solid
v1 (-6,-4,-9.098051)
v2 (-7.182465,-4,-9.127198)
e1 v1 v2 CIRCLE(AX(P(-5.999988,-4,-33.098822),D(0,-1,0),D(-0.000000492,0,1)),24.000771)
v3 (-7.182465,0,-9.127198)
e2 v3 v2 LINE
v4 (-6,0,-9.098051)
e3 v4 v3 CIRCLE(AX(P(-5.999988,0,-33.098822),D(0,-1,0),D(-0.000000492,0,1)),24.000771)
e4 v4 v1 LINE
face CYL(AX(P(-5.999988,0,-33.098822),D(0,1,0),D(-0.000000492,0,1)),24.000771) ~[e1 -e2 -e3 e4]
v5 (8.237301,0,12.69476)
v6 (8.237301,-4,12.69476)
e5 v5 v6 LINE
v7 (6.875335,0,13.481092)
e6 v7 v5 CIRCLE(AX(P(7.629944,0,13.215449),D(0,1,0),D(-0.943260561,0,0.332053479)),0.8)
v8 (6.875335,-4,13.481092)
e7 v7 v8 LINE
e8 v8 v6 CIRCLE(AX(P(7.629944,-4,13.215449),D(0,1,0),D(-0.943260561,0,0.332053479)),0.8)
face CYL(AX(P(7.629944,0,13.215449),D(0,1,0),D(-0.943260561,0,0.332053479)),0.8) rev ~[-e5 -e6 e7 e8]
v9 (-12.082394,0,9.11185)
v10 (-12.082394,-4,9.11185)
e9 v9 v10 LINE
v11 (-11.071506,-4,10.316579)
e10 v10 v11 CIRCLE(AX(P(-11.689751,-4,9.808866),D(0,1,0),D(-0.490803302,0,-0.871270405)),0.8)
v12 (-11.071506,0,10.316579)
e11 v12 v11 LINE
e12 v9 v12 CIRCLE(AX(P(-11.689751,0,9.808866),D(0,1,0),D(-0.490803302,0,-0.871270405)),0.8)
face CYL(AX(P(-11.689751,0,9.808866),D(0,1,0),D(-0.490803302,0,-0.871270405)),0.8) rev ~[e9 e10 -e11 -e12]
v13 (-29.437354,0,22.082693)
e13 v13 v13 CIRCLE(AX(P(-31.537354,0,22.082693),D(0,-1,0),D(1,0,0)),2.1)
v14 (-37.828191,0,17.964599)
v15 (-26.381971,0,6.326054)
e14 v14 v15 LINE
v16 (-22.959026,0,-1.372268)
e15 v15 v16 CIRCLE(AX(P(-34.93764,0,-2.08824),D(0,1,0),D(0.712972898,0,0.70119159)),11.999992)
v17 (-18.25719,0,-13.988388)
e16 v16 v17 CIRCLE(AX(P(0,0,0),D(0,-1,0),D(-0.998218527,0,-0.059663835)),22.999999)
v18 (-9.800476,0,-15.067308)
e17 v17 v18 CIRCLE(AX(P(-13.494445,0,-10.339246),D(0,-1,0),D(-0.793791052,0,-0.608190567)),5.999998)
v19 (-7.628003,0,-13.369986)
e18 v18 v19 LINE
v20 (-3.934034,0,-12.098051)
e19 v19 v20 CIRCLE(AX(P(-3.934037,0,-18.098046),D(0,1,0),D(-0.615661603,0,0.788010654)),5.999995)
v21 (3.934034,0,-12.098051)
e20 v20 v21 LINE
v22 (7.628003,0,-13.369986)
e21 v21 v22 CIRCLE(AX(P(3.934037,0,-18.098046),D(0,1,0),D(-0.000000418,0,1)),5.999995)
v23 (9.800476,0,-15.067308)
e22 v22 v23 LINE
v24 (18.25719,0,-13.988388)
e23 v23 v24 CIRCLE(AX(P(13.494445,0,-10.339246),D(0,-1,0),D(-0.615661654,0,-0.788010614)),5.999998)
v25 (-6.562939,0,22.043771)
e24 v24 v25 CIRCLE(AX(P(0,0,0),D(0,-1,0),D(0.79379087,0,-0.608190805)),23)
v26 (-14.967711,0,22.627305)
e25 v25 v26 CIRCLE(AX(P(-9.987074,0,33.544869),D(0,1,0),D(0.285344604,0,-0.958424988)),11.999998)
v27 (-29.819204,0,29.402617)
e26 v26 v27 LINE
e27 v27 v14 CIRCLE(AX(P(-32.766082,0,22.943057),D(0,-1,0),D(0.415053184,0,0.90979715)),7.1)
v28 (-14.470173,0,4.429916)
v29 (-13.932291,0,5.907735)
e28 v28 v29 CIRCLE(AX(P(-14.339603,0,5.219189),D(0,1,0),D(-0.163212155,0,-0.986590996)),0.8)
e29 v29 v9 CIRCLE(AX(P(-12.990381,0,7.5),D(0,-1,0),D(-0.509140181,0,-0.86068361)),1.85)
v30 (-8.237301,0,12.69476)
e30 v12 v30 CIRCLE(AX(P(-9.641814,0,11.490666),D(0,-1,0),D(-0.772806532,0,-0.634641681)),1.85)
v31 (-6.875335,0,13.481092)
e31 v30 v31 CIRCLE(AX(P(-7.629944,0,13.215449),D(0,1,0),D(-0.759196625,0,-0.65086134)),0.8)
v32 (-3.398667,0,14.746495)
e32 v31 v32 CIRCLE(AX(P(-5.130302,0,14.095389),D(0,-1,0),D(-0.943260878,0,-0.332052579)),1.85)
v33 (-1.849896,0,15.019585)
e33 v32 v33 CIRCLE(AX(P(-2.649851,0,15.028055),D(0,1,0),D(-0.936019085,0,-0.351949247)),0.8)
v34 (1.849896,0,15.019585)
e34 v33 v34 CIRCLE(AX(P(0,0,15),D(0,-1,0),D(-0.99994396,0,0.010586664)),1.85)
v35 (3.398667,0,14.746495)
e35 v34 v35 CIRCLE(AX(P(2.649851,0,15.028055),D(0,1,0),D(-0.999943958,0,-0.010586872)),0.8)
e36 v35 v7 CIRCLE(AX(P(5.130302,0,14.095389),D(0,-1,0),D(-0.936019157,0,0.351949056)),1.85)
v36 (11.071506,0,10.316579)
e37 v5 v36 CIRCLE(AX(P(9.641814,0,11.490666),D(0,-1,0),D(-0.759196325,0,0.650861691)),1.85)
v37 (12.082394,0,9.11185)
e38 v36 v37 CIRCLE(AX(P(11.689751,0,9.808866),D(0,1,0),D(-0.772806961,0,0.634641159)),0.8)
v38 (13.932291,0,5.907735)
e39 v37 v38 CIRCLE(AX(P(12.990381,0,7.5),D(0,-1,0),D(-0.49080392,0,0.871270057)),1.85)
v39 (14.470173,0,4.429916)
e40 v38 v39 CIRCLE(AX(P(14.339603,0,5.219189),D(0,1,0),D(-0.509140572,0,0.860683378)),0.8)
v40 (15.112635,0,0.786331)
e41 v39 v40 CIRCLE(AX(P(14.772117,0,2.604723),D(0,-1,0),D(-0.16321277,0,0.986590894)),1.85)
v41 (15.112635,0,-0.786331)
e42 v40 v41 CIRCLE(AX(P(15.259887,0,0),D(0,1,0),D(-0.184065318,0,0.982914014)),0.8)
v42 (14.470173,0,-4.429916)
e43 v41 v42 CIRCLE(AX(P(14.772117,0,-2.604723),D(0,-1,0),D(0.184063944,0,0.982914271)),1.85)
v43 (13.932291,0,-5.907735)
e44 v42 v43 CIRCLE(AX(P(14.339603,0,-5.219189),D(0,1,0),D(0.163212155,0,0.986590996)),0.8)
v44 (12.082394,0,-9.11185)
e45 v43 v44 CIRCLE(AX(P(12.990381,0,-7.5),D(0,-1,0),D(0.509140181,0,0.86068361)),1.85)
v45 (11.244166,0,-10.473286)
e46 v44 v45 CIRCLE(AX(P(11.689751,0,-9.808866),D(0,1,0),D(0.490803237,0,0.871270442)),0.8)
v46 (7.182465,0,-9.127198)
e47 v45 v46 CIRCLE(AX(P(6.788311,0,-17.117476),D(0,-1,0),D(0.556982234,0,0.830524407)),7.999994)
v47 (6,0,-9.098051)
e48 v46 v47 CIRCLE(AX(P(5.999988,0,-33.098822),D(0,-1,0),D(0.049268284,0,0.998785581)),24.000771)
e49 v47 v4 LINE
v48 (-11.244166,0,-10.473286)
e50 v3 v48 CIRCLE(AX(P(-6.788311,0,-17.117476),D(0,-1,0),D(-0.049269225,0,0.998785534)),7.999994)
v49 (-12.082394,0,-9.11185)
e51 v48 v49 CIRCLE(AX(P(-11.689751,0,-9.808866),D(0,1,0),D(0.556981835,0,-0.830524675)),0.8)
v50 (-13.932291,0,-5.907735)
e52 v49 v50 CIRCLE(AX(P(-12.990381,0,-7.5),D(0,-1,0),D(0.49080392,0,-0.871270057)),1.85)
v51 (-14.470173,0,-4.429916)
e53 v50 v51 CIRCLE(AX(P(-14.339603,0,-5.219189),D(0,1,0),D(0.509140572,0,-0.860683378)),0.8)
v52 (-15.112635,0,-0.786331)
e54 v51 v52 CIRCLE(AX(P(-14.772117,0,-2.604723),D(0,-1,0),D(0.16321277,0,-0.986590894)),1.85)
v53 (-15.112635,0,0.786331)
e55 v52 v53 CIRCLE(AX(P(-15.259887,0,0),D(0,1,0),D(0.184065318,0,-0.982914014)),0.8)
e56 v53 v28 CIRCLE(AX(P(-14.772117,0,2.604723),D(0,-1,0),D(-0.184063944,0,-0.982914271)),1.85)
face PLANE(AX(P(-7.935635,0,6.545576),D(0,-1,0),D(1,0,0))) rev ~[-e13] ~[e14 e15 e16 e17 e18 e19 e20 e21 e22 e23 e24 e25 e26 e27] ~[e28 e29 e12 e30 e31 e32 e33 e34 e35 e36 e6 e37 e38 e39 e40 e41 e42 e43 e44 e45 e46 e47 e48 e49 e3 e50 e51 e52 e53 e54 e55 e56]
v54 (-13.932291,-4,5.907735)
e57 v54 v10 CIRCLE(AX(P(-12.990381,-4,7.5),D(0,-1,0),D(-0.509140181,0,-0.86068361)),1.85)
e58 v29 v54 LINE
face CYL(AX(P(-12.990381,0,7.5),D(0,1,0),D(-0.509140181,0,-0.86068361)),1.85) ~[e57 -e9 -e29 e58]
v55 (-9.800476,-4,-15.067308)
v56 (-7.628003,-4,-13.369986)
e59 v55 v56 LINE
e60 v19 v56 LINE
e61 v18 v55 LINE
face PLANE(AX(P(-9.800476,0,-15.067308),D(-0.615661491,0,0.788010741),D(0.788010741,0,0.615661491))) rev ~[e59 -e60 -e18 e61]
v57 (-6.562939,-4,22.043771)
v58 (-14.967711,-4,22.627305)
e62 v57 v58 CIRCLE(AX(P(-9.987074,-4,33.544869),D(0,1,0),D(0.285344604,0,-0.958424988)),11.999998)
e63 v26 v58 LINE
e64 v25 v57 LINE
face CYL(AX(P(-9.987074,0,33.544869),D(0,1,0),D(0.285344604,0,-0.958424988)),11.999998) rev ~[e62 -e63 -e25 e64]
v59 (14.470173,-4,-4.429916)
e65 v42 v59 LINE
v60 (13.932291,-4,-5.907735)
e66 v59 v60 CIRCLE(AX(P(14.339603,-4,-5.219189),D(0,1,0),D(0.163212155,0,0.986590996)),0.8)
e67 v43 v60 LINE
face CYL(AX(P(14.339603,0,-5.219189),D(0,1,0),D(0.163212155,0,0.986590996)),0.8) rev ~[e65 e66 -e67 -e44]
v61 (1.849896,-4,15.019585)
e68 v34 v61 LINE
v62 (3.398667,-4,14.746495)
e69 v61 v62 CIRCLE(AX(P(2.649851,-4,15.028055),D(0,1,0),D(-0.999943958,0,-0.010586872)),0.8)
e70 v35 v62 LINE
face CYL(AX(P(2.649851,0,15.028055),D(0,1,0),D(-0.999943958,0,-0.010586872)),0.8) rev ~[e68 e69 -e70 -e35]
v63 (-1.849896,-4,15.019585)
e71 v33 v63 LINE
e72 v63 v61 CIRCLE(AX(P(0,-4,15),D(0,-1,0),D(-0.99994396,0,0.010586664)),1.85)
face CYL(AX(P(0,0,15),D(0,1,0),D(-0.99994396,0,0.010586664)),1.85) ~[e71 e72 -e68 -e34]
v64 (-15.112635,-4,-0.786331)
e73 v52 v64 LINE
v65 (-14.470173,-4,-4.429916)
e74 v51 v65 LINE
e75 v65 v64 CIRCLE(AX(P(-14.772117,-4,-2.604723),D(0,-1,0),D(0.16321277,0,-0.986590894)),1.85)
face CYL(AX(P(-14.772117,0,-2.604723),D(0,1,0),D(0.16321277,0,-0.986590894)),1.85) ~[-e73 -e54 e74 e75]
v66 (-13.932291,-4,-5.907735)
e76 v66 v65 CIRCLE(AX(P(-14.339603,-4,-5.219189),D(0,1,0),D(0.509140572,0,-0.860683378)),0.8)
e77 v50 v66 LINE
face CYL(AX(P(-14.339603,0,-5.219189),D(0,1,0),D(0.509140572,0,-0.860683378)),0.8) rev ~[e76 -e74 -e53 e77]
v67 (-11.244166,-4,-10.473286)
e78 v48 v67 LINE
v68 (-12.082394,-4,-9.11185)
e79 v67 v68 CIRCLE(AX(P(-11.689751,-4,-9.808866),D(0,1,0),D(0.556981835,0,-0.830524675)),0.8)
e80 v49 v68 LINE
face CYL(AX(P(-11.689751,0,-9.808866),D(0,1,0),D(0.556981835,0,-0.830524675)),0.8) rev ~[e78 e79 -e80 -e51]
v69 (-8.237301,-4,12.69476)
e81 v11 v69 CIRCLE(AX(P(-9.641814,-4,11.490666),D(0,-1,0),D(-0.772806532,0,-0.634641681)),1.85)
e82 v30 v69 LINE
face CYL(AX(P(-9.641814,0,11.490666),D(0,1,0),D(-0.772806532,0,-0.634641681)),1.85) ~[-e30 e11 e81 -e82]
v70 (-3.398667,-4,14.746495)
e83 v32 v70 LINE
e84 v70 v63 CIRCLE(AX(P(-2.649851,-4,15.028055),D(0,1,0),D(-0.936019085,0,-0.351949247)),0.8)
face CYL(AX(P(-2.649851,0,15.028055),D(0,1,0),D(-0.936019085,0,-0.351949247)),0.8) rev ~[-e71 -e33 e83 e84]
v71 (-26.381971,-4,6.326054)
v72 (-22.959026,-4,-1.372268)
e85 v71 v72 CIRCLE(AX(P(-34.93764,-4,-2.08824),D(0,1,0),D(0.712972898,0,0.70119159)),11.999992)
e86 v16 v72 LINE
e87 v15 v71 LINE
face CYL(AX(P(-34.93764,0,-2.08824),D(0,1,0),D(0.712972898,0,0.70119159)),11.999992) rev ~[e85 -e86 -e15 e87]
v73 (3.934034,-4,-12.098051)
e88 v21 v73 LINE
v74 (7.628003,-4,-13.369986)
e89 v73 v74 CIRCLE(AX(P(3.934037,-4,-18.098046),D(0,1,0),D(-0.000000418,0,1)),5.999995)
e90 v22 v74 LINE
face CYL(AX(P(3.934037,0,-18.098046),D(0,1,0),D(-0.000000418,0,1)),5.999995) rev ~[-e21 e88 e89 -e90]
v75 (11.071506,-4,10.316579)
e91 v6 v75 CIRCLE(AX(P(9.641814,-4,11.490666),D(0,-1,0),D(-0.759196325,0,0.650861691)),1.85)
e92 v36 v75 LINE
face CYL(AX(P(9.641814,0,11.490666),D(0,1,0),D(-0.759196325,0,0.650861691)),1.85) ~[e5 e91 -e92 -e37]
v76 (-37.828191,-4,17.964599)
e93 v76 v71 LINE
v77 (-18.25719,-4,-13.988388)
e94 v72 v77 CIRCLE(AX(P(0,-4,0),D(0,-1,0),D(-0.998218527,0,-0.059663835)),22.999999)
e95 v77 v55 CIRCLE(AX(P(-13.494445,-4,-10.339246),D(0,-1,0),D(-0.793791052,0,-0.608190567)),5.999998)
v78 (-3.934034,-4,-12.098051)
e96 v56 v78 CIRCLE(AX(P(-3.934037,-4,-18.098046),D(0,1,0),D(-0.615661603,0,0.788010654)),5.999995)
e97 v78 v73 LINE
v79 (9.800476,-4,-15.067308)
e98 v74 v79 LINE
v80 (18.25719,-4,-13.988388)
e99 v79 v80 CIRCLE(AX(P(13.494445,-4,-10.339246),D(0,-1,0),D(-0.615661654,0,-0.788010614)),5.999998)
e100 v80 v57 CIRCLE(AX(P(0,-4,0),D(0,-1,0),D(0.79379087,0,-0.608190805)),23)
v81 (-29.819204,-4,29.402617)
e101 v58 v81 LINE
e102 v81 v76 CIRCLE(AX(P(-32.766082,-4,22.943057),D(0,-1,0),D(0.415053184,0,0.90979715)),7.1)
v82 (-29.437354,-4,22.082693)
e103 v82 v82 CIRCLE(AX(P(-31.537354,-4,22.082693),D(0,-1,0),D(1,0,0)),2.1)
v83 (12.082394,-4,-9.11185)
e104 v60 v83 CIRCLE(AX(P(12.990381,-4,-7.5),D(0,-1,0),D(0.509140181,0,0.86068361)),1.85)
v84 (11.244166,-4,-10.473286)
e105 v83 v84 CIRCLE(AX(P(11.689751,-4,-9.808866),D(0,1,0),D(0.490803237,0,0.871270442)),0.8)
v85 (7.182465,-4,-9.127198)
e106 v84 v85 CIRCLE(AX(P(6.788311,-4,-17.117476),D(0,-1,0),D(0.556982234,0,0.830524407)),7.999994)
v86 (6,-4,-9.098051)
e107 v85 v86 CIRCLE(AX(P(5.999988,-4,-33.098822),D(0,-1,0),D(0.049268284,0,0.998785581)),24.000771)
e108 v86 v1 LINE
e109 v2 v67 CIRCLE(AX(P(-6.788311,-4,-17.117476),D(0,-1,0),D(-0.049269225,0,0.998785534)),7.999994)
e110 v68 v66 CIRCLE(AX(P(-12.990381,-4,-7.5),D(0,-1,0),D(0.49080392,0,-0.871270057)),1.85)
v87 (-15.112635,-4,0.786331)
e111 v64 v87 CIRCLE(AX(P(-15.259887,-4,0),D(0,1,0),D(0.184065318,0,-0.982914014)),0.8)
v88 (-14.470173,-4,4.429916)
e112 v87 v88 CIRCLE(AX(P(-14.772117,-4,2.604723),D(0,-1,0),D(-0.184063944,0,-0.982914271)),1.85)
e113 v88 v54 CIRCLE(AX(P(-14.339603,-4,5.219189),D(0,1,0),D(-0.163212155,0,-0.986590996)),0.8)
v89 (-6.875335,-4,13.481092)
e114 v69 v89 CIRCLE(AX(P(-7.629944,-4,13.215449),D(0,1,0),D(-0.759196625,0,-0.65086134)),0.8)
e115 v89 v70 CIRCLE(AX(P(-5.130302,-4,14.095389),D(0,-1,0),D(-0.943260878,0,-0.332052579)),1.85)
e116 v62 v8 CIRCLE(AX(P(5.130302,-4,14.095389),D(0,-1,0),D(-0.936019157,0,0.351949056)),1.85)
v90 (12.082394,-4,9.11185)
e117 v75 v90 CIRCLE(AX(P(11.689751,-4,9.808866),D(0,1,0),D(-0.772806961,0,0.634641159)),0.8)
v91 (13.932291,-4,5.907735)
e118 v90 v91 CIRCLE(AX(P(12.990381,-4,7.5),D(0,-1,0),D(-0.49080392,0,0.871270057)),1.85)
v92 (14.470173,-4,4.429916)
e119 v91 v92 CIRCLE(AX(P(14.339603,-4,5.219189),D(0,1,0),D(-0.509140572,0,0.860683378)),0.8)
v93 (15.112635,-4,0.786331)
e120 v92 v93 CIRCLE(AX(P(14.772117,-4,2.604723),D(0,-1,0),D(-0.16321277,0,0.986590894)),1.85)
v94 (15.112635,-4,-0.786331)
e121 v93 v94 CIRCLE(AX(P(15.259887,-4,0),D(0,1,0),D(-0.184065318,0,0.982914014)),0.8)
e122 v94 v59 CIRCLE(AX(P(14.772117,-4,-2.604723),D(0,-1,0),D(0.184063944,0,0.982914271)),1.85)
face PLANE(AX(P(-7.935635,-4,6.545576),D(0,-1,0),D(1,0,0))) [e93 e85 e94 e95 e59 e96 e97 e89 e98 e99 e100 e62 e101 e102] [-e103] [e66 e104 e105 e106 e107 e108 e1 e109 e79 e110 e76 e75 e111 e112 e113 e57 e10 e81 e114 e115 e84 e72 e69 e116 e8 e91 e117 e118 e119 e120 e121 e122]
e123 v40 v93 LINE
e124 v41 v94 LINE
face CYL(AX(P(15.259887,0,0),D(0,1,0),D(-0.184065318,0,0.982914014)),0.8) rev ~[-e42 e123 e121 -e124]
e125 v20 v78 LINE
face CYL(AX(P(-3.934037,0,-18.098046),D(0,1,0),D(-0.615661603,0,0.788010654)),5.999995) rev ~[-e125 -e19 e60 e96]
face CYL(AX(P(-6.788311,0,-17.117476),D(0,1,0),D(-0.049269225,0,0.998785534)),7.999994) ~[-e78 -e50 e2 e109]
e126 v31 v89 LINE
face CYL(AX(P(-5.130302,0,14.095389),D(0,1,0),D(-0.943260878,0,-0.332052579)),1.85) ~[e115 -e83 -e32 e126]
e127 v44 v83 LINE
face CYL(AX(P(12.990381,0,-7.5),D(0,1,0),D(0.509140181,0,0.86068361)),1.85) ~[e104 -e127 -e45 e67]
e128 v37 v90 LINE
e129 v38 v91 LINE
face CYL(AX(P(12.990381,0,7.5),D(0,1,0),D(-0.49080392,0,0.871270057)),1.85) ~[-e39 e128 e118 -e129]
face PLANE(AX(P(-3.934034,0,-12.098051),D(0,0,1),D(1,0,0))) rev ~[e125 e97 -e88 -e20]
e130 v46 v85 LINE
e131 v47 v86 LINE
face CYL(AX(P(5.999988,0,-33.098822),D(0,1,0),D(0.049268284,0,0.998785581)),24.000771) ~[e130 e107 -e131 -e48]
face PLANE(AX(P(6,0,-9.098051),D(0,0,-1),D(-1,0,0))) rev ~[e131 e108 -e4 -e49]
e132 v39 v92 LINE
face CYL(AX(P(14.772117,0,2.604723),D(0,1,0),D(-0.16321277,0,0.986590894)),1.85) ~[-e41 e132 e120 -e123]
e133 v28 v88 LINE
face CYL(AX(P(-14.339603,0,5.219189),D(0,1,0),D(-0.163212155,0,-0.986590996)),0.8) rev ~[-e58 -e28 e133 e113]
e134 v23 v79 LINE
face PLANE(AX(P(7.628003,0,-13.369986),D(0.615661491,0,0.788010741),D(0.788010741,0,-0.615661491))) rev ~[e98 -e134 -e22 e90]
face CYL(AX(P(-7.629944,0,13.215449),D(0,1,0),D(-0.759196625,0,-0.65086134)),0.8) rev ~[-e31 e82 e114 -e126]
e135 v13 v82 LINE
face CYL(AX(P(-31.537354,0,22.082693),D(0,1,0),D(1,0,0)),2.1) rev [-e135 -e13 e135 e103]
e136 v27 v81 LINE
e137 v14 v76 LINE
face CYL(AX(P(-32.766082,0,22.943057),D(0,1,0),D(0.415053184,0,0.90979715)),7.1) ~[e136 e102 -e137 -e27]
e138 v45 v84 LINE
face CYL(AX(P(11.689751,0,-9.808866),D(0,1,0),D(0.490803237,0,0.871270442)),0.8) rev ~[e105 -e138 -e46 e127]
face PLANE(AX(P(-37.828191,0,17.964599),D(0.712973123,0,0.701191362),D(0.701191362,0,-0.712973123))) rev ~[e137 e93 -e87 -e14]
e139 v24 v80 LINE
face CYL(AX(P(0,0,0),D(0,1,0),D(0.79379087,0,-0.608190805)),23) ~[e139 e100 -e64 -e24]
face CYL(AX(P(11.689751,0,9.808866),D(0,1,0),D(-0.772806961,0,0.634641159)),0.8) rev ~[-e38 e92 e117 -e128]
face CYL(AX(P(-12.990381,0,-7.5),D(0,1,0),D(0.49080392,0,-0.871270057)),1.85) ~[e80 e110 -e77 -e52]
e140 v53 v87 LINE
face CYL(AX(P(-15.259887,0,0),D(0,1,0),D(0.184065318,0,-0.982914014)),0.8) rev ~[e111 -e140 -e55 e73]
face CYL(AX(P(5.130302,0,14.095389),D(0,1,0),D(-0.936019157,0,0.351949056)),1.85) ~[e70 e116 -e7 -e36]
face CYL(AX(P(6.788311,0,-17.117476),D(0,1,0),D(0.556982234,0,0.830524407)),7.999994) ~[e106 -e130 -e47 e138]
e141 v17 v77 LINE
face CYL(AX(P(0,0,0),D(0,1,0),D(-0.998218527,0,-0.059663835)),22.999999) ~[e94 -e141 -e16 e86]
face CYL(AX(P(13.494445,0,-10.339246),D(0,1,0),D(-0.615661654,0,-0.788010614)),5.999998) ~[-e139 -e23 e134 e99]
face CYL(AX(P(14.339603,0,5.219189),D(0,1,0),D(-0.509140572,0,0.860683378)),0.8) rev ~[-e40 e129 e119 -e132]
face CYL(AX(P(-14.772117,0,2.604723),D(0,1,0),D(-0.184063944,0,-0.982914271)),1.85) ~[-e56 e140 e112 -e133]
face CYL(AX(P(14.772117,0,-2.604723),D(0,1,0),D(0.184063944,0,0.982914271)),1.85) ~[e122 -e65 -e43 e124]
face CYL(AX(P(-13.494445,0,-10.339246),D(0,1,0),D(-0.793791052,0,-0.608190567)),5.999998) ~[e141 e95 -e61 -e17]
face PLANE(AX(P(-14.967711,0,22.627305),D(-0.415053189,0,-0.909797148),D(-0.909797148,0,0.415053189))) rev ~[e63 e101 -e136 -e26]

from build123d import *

# Parameters (mm, degrees)
F0_R     = 2.1
F1_DEPTH = 4


with BuildPart() as f1:
    # F0 (on Front) → F1 (new body)
    with BuildSketch(Plane.XZ):
        with BuildLine():
            ThreePointArc((-26.381971, 6.326054), (-23.972685, 2.787165), (-22.959026, -1.372268))
            ThreePointArc((-22.959026, -1.372268), (-21.551931, -8.032077), (-18.25719, -13.988388))
            ThreePointArc((-18.25719, -13.988388), (-14.253779, -16.291001), (-9.800476, -15.067308))
            Line((-9.800476, -15.067308), (-7.628003, -13.369986))
            ThreePointArc((-7.628003, -13.369986), (-5.887443, -12.424939), (-3.934034, -12.098051))
            Line((-3.934034, -12.098051), (3.934034, -12.098051))
            ThreePointArc((3.934034, -12.098051), (5.887443, -12.424939), (7.628003, -13.369986))
            Line((7.628003, -13.369986), (9.800476, -15.067308))
            ThreePointArc((9.800476, -15.067308), (14.253779, -16.291001), (18.25719, -13.988388))
            ThreePointArc((18.25719, -13.988388), (18.941172, 13.047299), (-6.562939, 22.043771))
            ThreePointArc((-6.562939, 22.043771), (-10.818219, 21.573689), (-14.967711, 22.627305))
            Line((-14.967711, 22.627305), (-29.819204, 29.402617))
            ThreePointArc((-29.819204, 29.402617), (-38.582061, 27.01545), (-37.828191, 17.964599))
            Line((-37.828191, 17.964599), (-26.381971, 6.326054))
        make_face()
        with BuildLine():
            ThreePointArc((11.244166, -10.473286), (9.304982, -9.523645), (7.182465, -9.127198))
            ThreePointArc((7.182465, -9.127198), (6.591412, -9.105339), (6, -9.098051))
            Line((6, -9.098051), (-6, -9.098051))
            ThreePointArc((-6, -9.098051), (-6.591412, -9.105339), (-7.182465, -9.127198))
            ThreePointArc((-7.182465, -9.127198), (-9.304982, -9.523645), (-11.244166, -10.473286))
            ThreePointArc((-11.244166, -10.473286), (-12.370984, -10.228297), (-12.082394, -9.11185))
            ThreePointArc((-12.082394, -9.11185), (-11.388234, -6.575), (-13.932291, -5.907735))
            ThreePointArc((-13.932291, -5.907735), (-15.091357, -5.492805), (-14.470173, -4.429916))
            ThreePointArc((-14.470173, -4.429916), (-12.950222, -2.283474), (-15.112635, -0.786331))
            ThreePointArc((-15.112635, -0.786331), (-16.059887, 0), (-15.112635, 0.786331))
            ThreePointArc((-15.112635, 0.786331), (-12.950222, 2.283474), (-14.470173, 4.429916))
            ThreePointArc((-14.470173, 4.429916), (-15.091357, 5.492805), (-13.932291, 5.907735))
            ThreePointArc((-13.932291, 5.907735), (-11.388234, 6.575), (-12.082394, 9.11185))
            ThreePointArc((-12.082394, 9.11185), (-12.302587, 10.323096), (-11.071506, 10.316579))
            ThreePointArc((-11.071506, 10.316579), (-8.452657, 10.073484), (-8.237301, 12.69476))
            ThreePointArc((-8.237301, 12.69476), (-8.029943, 13.90827), (-6.875335, 13.481092))
            ThreePointArc((-6.875335, 13.481092), (-4.497565, 12.356958), (-3.398667, 14.746495))
            ThreePointArc((-3.398667, 14.746495), (-2.78877, 15.815901), (-1.849896, 15.019585))
            ThreePointArc((-1.849896, 15.019585), (0, 13.15), (1.849896, 15.019585))
            ThreePointArc((1.849896, 15.019585), (2.78877, 15.815901), (3.398667, 14.746495))
            ThreePointArc((3.398667, 14.746495), (4.497565, 12.356958), (6.875335, 13.481092))
            ThreePointArc((6.875335, 13.481092), (8.029943, 13.90827), (8.237301, 12.69476))
            ThreePointArc((8.237301, 12.69476), (8.452657, 10.073484), (11.071506, 10.316579))
            ThreePointArc((11.071506, 10.316579), (12.302587, 10.323096), (12.082394, 9.11185))
            ThreePointArc((12.082394, 9.11185), (11.388234, 6.575), (13.932291, 5.907735))
            ThreePointArc((13.932291, 5.907735), (15.091357, 5.492805), (14.470173, 4.429916))
            ThreePointArc((14.470173, 4.429916), (12.950222, 2.283474), (15.112635, 0.786331))
            ThreePointArc((15.112635, 0.786331), (16.059887, 0), (15.112635, -0.786331))
            ThreePointArc((15.112635, -0.786331), (12.950222, -2.283474), (14.470173, -4.429916))
            ThreePointArc((14.470173, -4.429916), (15.091357, -5.492805), (13.932291, -5.907735))
            ThreePointArc((13.932291, -5.907735), (11.388234, -6.575), (12.082394, -9.11185))
            ThreePointArc((12.082394, -9.11185), (12.370984, -10.228297), (11.244166, -10.473286))
        make_face(mode=Mode.SUBTRACT)
        with Locations((-31.537354, 22.082693)):
            Circle(F0_R, mode=Mode.SUBTRACT)
    extrude(amount=F1_DEPTH)


solid = f1.part
